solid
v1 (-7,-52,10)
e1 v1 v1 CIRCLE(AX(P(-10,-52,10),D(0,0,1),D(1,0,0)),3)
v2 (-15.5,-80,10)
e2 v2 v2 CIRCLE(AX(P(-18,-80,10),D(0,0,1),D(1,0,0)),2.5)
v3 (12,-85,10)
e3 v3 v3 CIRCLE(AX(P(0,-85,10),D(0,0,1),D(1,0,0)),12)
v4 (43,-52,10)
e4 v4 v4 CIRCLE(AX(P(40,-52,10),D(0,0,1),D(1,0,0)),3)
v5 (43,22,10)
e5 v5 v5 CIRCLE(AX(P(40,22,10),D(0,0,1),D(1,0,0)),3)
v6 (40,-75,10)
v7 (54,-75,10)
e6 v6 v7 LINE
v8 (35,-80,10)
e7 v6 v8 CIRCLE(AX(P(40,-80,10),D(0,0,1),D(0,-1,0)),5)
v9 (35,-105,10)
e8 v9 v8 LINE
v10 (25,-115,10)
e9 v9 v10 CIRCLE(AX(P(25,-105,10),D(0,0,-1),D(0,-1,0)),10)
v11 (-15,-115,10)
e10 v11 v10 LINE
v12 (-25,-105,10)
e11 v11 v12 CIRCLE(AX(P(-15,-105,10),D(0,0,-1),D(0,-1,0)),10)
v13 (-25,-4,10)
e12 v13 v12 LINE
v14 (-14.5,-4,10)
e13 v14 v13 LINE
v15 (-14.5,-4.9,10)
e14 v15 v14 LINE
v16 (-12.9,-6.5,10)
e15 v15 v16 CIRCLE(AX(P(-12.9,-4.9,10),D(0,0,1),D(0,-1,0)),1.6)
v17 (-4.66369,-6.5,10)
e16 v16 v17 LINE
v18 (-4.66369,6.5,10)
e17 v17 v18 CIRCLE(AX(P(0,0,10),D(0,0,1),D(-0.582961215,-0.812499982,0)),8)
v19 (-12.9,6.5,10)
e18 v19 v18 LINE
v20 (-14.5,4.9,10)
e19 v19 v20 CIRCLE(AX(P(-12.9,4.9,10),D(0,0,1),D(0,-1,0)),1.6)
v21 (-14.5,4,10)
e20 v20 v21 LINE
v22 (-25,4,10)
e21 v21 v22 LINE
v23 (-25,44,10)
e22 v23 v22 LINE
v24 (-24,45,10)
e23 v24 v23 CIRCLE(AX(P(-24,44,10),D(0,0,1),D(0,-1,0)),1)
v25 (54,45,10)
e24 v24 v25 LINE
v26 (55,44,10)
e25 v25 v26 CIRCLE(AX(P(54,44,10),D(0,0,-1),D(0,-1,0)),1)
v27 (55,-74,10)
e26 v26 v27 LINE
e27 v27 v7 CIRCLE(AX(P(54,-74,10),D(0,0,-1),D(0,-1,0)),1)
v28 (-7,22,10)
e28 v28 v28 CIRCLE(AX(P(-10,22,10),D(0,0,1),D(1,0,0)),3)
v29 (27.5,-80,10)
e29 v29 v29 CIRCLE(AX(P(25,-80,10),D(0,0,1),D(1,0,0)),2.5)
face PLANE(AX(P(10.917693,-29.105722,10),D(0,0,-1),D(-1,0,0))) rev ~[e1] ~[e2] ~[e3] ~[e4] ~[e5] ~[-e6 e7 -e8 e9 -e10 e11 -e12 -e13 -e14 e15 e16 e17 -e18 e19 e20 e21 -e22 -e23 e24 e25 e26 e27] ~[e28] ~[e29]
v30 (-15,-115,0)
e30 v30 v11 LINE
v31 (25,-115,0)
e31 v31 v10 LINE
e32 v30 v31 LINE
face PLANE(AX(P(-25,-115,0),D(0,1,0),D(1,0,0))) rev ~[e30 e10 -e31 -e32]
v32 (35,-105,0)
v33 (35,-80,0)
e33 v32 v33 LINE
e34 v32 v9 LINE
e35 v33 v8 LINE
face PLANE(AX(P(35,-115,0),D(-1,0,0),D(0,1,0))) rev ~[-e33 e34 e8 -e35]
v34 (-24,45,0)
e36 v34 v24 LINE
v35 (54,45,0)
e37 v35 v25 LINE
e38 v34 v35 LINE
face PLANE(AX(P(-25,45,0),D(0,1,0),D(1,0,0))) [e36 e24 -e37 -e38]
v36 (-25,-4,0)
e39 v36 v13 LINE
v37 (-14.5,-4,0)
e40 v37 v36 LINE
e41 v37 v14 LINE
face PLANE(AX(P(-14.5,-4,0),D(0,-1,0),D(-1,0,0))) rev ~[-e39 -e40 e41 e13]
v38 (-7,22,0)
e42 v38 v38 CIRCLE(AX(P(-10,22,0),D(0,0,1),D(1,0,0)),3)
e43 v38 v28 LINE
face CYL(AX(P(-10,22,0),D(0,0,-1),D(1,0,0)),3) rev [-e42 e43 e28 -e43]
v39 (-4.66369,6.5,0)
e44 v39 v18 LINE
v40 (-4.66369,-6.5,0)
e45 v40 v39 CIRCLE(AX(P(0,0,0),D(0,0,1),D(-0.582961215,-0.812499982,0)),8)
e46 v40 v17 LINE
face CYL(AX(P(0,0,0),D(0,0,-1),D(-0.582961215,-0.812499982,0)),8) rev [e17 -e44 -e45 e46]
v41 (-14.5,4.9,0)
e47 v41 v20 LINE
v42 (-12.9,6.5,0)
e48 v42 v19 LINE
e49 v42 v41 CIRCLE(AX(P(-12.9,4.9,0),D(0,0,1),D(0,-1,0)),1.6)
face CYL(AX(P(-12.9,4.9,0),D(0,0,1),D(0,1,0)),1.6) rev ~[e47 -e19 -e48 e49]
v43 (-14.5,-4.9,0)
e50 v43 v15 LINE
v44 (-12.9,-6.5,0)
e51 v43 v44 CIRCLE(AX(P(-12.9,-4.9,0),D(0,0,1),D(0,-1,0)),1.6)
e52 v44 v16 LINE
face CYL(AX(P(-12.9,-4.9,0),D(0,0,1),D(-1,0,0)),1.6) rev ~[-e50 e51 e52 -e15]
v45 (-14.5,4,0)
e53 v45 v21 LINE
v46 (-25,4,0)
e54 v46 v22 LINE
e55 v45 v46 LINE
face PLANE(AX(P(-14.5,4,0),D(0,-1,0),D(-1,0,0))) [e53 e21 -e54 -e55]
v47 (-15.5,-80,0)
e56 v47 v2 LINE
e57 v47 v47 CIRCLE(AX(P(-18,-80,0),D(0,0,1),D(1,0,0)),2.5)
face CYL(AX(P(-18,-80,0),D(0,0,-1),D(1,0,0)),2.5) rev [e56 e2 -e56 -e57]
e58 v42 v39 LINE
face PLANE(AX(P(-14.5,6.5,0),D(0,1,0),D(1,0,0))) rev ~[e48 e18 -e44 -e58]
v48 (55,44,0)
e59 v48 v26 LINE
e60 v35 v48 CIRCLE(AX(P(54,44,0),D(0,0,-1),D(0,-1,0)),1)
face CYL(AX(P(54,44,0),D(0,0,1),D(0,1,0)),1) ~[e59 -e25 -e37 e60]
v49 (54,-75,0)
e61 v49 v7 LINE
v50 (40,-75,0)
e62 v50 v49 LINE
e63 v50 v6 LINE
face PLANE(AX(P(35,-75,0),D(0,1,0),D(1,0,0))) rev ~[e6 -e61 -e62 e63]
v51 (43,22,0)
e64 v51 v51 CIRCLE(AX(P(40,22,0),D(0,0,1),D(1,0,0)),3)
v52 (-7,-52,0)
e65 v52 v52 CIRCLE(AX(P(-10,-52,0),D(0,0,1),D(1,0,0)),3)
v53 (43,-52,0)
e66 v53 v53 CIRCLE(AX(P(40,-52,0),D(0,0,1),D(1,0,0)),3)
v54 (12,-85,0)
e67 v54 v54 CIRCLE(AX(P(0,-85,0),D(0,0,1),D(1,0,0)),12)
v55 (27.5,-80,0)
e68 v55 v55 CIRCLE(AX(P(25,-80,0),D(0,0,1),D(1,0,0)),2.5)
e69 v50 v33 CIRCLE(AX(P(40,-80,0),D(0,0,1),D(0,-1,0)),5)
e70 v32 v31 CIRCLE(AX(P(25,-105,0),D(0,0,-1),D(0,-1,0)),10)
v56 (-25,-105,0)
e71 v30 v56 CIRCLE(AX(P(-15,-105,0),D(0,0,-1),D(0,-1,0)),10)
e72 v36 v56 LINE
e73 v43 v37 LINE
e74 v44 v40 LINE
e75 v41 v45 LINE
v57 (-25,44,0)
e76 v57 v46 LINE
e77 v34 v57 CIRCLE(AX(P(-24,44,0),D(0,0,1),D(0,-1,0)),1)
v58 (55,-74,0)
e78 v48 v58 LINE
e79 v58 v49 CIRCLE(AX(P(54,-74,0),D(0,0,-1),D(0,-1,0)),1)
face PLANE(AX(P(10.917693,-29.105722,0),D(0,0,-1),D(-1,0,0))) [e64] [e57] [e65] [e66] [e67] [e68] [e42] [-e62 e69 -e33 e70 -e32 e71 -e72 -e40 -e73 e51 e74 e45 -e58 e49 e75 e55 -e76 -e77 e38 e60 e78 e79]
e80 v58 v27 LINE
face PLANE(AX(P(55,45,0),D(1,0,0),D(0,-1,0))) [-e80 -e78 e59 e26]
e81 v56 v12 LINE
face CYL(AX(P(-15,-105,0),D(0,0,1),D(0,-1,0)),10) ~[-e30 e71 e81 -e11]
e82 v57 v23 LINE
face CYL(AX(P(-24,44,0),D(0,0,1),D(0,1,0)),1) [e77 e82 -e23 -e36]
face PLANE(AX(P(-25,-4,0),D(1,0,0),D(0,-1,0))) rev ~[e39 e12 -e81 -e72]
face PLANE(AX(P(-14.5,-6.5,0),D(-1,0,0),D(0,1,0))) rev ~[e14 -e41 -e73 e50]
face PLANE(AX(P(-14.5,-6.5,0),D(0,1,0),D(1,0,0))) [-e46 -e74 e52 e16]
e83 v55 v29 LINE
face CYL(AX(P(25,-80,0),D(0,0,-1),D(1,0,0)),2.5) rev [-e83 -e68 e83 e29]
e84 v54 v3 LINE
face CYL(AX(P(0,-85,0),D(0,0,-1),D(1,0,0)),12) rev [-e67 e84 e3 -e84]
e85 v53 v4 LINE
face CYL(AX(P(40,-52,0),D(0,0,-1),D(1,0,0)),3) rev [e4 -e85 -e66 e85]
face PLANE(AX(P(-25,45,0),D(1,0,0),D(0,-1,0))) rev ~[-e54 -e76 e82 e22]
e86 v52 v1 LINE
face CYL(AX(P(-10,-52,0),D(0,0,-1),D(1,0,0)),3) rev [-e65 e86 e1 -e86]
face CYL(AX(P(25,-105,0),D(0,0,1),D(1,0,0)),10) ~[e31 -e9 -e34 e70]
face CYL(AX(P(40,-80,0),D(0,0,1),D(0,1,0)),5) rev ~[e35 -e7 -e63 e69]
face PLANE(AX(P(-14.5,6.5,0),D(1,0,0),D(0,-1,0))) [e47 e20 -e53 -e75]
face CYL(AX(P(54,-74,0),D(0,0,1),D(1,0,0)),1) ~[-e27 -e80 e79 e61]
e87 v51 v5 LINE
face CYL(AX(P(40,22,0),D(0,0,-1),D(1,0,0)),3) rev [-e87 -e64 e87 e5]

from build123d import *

# Parameters (mm, degrees)
SKETCH_R    = 3
SKETCH_R_2  = 2.5
SKETCH_R_3  = 12
PAD_DEPTH   = 10
FILLET_R    = 1
FILLET001_R = 5
FILLET002_R = 10
FILLET003_R = 1.6


with BuildPart() as part:
    # Sketch → Pad (new body)
    with BuildSketch(Plane.XY):
        with BuildLine():
            Line((-25, 45), (55, 45))
            Line((55, 45), (55, -75))
            Line((35, -75), (55, -75))
            Line((35, -115), (35, -75))
            Line((-25, -115), (35, -115))
            Line((-25, -4), (-25, -115))
            Line((-14.5, -4), (-25, -4))
            Line((-14.5, -6.5), (-14.5, -4))
            Line((-14.5, -6.5), (-4.66369, -6.5))
            ThreePointArc((-4.66369, -6.5), (8, 0), (-4.66369, 6.5))
            Line((-14.5, 6.5), (-4.66369, 6.5))
            Line((-14.5, 6.5), (-14.5, 4))
            Line((-14.5, 4), (-25, 4))
            Line((-25, 45), (-25, 4))
        make_face()
        with Locations((-10, -52)):
            Circle(SKETCH_R, mode=Mode.SUBTRACT)
        with Locations((40, -52)):
            Circle(SKETCH_R, mode=Mode.SUBTRACT)
        with Locations((40, 22)):
            Circle(SKETCH_R, mode=Mode.SUBTRACT)
        with Locations((-10, 22)):
            Circle(SKETCH_R, mode=Mode.SUBTRACT)
        with Locations((25, -80)):
            Circle(SKETCH_R_2, mode=Mode.SUBTRACT)
        with Locations((-18, -80)):
            Circle(SKETCH_R_2, mode=Mode.SUBTRACT)
        with Locations((0, -85)):
            Circle(SKETCH_R_3, mode=Mode.SUBTRACT)
    extrude(amount=PAD_DEPTH)

    # Fillet
    fillet_edges = [part.edges().sort_by_distance(p)[0] for p in [
        (55, -75, 5),
        (55, 45, 5),
        (-25, 45, 5),
    ]]
    fillet(fillet_edges, radius=FILLET_R)

    # Fillet001
    fillet001_edges = [part.edges().sort_by_distance(p)[0] for p in [
        (35, -75, 5),
    ]]
    fillet(fillet001_edges, radius=FILLET001_R)

    # Fillet002
    fillet002_edges = [part.edges().sort_by_distance(p)[0] for p in [
        (35, -115, 5),
        (-25, -115, 5),
    ]]
    fillet(fillet002_edges, radius=FILLET002_R)

    # Fillet003
    fillet003_edges = [part.edges().sort_by_distance(p)[0] for p in [
        (-14.5, 6.5, 5),
        (-14.5, -6.5, 5),
    ]]
    fillet(fillet003_edges, radius=FILLET003_R)


solid = part.part
